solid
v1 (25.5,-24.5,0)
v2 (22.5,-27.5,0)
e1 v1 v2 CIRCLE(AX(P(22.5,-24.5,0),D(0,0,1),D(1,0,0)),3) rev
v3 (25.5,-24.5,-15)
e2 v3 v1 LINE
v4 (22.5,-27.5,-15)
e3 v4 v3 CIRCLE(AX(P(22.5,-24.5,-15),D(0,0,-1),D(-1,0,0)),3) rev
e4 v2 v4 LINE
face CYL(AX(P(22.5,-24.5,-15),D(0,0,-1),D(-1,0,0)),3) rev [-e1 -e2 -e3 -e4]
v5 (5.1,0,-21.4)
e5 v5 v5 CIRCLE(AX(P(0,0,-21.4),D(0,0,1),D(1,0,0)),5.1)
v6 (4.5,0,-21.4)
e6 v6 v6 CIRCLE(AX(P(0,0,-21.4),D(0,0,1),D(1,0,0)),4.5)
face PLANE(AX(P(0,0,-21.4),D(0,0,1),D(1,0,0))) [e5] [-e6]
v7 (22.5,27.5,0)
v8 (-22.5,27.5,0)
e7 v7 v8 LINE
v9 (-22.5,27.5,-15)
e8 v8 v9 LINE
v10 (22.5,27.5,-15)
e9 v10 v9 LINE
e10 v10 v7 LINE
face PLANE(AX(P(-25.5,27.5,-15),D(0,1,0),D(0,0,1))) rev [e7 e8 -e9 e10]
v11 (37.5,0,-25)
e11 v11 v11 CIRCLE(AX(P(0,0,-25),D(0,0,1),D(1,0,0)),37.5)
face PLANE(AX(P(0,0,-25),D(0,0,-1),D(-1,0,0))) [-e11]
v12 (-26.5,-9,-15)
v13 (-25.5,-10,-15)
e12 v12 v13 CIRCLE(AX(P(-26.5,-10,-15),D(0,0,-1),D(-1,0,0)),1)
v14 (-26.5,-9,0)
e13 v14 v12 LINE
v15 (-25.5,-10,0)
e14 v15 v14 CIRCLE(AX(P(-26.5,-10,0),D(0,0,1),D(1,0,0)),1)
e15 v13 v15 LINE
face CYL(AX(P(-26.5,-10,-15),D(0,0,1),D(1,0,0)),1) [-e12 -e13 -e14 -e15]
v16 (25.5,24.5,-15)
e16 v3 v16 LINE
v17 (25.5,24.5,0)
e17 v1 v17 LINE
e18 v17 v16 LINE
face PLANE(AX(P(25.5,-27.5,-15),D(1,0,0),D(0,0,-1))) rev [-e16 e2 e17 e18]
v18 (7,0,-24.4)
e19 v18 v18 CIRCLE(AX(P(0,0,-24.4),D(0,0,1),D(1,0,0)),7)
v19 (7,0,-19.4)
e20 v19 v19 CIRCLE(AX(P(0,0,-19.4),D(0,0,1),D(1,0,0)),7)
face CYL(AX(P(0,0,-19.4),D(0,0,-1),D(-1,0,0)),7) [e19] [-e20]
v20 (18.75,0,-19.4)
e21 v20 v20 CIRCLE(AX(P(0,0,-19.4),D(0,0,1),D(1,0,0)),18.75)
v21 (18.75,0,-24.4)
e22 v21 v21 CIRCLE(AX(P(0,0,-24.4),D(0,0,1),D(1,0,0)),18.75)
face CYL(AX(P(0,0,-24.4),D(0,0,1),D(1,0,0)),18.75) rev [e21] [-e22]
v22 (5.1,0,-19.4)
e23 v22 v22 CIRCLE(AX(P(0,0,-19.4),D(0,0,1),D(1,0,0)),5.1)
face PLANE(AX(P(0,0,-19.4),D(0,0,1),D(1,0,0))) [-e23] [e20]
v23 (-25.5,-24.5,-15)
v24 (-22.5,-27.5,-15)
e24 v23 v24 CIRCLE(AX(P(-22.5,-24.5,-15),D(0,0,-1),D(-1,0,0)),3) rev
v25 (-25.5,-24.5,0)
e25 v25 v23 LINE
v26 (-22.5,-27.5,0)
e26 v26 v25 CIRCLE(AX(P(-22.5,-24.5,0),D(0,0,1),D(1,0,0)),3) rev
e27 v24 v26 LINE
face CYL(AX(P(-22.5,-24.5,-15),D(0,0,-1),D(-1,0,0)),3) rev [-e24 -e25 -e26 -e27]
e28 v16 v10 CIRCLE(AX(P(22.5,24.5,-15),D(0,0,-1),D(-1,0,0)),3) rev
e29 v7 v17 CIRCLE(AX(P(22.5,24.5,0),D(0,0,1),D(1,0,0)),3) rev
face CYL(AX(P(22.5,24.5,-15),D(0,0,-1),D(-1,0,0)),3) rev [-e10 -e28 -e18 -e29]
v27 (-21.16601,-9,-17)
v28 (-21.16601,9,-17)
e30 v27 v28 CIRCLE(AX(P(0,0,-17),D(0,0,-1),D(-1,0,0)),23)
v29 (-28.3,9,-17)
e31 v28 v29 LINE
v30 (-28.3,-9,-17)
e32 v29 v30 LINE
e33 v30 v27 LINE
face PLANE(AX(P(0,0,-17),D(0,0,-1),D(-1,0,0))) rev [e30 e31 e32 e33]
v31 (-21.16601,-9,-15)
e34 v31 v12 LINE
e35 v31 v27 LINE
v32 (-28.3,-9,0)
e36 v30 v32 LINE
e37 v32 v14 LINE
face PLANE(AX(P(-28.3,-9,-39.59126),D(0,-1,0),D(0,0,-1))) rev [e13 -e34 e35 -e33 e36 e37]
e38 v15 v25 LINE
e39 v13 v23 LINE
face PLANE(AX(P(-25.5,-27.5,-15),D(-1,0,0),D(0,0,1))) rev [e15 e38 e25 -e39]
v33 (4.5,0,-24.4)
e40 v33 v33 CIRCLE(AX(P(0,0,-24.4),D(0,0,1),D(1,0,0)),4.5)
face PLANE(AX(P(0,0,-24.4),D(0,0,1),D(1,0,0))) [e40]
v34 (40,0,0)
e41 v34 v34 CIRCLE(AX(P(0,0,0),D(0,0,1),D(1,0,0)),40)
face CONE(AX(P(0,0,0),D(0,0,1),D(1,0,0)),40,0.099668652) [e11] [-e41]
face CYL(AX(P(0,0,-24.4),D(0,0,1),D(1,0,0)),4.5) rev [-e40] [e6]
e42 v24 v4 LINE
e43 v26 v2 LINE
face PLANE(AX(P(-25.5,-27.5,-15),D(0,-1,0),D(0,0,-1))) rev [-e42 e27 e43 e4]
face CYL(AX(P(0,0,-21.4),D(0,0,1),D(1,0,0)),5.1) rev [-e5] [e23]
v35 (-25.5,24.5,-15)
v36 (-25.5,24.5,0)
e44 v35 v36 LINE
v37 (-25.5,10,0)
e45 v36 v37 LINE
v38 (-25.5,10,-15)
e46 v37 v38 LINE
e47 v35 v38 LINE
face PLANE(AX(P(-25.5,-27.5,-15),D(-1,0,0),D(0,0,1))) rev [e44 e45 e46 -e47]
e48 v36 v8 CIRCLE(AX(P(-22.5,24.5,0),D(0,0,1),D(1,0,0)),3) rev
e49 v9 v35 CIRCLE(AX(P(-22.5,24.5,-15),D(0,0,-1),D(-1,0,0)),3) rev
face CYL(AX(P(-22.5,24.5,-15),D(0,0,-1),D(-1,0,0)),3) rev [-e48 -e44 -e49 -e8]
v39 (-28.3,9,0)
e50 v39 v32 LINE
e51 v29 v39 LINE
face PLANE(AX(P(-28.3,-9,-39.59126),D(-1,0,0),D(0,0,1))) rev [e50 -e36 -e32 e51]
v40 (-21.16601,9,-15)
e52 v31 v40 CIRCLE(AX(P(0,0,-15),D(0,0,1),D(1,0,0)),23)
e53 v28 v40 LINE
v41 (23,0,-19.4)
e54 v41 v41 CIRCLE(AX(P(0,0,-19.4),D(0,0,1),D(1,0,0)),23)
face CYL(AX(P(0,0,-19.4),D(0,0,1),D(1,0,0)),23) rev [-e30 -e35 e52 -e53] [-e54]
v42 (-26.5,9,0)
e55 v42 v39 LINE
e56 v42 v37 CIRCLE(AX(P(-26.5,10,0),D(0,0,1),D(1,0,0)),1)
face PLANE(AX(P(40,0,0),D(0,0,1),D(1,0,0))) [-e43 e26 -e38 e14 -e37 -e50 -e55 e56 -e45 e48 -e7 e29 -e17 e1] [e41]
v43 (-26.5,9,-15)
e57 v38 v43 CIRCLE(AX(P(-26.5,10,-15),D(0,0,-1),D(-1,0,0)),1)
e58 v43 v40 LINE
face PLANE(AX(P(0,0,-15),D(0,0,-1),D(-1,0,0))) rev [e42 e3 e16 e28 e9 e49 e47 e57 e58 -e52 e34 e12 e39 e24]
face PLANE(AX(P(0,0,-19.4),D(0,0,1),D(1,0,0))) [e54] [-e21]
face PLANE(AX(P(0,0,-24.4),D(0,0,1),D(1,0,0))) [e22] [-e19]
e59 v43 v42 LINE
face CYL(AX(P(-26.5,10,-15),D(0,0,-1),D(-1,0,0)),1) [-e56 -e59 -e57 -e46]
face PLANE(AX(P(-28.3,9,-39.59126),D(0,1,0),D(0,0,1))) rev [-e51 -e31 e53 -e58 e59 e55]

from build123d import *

# Parameters (mm, degrees)
SKETCH4_W           = 51
SKETCH4_H           = 55
CUT_EXTRUDE1_DEPTH  = 15
FILLET1_R           = 3
SKETCH7_W           = 10
SKETCH7_H           = 18
CUT_EXTRUDE5_DEPTH  = 17
SKETCH8_R           = 23
CUT_EXTRUDE6_DEPTH  = 4.4
SKETCH10_R          = 18.75
CUT_EXTRUDE7_DEPTH  = 5
SKETCH11_R          = 7
BOSS_EXTRUDE3_DEPTH = 5
SKETCH12_R          = 5.1
CUT_EXTRUDE8_DEPTH  = 2
SKETCH13_R          = 4.5
CUT_EXTRUDE9_DEPTH  = 3
FILLET2_R           = 1


with BuildPart() as part:
    # Sketch2 → Revolve1 (revolve)
    with BuildSketch(Plane(origin=(0, 0, 0), x_dir=(1, 0, 0), z_dir=(0, 1, 0))):
        Polygon((0, 25), (37.5, 25), (40, 0), (0, 0), align=None)
    revolve(axis=Axis((0, 0, 0), (0, 0, -1)))

    # Sketch4 → Cut-Extrude1 (cut)
    with BuildSketch(Plane.XY):
        Rectangle(SKETCH4_W, SKETCH4_H)
    extrude(amount=-CUT_EXTRUDE1_DEPTH, mode=Mode.SUBTRACT)

    # Fillet1
    fillet1_edges = [part.edges().sort_by_distance(p)[0] for p in [
        (25.5, 27.5, -7.5),
        (25.5, -27.5, -7.5),
        (-25.5, -27.5, -7.5),
        (-25.5, 27.5, -7.5),
    ]]
    fillet(fillet1_edges, radius=FILLET1_R)

    # Sketch7 → Cut-Extrude5 (cut)
    with BuildSketch(Plane.XY):
        with Locations((-23.3, 0)):
            Rectangle(SKETCH7_W, SKETCH7_H)
    extrude(amount=-CUT_EXTRUDE5_DEPTH, mode=Mode.SUBTRACT)

    # Sketch8 → Cut-Extrude6 (cut)
    with BuildSketch(Plane.XY.offset(-15)):
        Circle(SKETCH8_R)
    extrude(amount=-CUT_EXTRUDE6_DEPTH, mode=Mode.SUBTRACT)

    # Sketch10 → Cut-Extrude7 (cut)
    with BuildSketch(Plane.XY.offset(-19.4)):
        Circle(SKETCH10_R)
    extrude(amount=-CUT_EXTRUDE7_DEPTH, mode=Mode.SUBTRACT)

    # Sketch11 → Boss-Extrude3 (add)
    with BuildSketch(Plane.XY.offset(-24.4)):
        Circle(SKETCH11_R)
    extrude(amount=BOSS_EXTRUDE3_DEPTH)

    # Sketch12 → Cut-Extrude8 (cut)
    with BuildSketch(Plane.XY.offset(-19.4)):
        Circle(SKETCH12_R)
    extrude(amount=-CUT_EXTRUDE8_DEPTH, mode=Mode.SUBTRACT)

    # Sketch13 → Cut-Extrude9 (cut)
    with BuildSketch(Plane.XY.offset(-21.4)):
        Circle(SKETCH13_R)
    extrude(amount=-CUT_EXTRUDE9_DEPTH, mode=Mode.SUBTRACT)

    # Fillet2
    fillet2_edges = [part.edges().sort_by_distance(p)[0] for p in [
        (-25.5, 9, -7.5),
        (-25.5, -9, -7.5),
    ]]
    fillet(fillet2_edges, radius=FILLET2_R)


solid = part.part
